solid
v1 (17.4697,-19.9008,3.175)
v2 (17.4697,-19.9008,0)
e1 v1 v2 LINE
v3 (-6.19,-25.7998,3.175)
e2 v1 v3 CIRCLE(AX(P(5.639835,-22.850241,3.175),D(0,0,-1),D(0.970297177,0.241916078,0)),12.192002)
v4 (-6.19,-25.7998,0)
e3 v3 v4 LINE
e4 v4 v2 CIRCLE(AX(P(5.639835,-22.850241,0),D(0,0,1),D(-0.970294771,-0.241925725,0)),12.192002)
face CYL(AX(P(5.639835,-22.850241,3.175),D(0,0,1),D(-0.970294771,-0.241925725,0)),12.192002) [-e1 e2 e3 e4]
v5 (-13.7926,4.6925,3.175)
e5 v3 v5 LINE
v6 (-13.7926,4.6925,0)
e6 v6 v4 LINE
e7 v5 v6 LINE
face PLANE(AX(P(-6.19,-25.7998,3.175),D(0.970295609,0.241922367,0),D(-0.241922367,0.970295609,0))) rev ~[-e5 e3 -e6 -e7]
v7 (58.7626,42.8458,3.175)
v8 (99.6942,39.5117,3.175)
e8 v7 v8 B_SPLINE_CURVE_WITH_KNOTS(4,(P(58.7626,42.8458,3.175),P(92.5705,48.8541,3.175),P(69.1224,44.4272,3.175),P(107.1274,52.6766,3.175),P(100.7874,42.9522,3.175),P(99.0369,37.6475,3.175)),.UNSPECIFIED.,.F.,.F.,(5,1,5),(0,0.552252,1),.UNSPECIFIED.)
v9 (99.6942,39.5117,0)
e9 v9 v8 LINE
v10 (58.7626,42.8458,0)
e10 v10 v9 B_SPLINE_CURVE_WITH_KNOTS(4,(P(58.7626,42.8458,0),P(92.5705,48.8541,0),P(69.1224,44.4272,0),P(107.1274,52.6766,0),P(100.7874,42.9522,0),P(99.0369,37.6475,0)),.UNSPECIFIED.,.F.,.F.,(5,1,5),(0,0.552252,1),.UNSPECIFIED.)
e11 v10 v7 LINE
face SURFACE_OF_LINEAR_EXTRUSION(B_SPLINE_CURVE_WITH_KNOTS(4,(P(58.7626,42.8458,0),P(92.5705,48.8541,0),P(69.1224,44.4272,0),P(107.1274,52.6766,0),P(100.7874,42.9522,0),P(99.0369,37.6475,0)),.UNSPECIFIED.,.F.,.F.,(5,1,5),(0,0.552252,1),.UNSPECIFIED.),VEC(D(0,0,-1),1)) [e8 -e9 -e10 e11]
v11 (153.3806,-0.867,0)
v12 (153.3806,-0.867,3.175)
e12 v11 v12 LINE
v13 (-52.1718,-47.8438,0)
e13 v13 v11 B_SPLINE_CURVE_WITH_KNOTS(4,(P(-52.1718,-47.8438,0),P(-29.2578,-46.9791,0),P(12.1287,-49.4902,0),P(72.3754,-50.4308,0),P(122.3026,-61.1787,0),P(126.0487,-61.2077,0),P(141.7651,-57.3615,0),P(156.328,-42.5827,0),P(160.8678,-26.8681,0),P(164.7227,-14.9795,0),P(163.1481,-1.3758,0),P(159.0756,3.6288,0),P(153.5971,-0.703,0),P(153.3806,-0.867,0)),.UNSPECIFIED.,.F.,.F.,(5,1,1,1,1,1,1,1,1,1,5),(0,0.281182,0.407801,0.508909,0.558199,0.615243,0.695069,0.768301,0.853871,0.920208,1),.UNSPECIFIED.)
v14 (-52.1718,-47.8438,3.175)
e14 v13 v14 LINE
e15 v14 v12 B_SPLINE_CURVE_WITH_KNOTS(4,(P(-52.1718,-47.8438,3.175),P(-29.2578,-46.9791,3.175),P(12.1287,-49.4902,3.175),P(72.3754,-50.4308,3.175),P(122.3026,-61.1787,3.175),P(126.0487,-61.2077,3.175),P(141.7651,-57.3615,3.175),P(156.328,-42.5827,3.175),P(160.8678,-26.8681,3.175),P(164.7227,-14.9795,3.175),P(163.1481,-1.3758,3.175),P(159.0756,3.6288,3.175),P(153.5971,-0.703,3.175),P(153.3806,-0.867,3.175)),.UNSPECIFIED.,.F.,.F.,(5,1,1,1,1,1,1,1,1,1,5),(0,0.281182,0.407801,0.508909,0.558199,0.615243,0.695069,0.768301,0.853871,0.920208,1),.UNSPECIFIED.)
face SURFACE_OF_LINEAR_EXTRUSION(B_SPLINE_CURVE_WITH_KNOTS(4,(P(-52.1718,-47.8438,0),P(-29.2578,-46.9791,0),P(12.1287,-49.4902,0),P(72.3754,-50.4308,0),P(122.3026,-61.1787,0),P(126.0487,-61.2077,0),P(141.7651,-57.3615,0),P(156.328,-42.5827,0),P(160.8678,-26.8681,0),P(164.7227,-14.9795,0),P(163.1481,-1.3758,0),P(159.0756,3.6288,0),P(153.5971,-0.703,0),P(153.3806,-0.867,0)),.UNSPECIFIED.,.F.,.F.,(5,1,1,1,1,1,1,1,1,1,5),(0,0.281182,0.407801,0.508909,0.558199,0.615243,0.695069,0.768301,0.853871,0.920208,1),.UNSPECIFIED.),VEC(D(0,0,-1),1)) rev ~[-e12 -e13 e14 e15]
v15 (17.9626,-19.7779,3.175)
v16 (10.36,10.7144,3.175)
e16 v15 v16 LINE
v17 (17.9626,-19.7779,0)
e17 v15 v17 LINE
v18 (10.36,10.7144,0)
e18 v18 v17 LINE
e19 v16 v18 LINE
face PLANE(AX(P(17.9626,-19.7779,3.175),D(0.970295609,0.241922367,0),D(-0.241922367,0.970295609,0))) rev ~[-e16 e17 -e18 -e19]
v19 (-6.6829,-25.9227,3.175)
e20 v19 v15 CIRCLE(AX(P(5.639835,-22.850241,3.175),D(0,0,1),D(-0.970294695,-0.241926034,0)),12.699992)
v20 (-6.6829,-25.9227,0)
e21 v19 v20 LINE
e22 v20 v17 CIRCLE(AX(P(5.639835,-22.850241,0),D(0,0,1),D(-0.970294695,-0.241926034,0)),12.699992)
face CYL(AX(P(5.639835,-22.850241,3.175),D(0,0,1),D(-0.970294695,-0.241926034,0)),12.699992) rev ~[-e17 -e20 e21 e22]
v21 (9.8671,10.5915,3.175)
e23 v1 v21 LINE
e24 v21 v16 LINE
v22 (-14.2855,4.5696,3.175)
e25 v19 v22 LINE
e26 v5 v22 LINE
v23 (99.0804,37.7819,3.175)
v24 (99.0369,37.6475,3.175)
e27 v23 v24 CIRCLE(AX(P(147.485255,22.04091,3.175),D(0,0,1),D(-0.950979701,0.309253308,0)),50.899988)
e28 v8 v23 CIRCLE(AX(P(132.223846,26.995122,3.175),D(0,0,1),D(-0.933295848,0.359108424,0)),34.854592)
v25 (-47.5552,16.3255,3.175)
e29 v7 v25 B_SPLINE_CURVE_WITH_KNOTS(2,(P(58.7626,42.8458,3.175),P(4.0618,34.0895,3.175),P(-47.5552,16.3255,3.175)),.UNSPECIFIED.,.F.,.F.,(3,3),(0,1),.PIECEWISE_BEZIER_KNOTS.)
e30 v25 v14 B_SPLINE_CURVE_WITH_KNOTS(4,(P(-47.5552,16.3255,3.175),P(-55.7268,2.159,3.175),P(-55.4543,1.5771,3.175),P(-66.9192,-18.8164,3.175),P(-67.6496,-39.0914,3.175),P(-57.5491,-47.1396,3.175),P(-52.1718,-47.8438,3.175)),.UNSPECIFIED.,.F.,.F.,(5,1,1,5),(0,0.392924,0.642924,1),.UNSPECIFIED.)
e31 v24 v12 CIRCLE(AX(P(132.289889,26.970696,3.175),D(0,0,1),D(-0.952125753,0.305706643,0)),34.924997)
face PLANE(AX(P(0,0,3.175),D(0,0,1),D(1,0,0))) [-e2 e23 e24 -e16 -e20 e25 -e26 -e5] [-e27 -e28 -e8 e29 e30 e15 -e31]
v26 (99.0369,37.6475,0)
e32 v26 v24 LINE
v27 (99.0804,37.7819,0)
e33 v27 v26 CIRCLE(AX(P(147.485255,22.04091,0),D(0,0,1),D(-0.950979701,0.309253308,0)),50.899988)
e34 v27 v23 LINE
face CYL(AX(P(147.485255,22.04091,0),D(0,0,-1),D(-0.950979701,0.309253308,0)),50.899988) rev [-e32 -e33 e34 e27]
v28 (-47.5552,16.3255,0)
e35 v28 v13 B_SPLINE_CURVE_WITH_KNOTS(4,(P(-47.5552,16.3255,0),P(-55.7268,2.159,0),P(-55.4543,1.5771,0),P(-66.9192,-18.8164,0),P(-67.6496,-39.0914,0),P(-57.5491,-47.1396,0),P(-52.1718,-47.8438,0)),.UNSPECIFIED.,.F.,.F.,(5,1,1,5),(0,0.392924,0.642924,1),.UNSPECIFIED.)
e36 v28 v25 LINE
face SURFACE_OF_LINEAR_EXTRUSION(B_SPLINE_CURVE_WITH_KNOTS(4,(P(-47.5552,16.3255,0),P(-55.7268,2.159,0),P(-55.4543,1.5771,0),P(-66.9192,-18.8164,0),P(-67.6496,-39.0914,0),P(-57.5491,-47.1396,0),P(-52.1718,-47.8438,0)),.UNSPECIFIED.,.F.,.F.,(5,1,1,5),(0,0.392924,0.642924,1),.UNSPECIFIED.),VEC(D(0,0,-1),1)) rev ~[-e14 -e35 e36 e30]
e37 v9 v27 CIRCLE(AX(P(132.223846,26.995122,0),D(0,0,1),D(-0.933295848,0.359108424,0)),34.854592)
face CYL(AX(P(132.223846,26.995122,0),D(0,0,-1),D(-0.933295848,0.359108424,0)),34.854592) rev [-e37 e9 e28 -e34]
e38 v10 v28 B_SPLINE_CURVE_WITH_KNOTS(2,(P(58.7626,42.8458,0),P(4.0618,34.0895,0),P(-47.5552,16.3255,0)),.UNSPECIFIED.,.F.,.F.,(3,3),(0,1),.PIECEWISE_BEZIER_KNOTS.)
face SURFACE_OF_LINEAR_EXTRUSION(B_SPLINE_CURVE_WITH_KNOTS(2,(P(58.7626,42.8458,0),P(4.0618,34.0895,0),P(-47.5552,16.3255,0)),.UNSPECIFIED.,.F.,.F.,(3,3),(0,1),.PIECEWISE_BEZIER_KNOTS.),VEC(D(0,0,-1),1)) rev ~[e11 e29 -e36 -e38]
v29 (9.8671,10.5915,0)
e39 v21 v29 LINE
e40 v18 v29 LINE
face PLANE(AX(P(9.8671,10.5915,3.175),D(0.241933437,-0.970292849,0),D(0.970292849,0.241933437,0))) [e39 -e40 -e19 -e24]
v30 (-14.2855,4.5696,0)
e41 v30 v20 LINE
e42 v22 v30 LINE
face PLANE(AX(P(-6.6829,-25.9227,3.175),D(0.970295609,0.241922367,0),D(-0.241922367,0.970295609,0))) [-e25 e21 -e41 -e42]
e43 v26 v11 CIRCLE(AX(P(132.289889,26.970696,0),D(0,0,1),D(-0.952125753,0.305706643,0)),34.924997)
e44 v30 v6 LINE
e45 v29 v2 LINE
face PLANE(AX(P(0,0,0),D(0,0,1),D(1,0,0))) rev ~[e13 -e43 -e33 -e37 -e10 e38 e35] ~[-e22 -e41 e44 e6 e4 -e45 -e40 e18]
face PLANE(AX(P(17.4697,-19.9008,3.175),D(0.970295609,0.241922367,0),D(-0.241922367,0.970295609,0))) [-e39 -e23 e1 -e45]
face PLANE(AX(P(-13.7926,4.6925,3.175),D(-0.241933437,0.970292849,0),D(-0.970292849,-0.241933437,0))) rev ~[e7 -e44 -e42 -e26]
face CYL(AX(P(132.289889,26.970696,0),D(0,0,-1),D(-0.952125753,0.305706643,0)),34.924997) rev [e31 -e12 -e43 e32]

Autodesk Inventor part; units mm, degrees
ref_plane "YZ Plane" through (0, 0, 0) normal (1, 0, 0) x (0, 1, 0)
ref_plane "XZ Plane" through (0, 0, 0) normal (0, 1, 0) x (-1, 0, 0)
ref_plane "XY Plane" through (0, 0, 0) normal (0, 0, 1) x (1, 0, 0)
sketch "Sketch1" plane through (0, 0, 0) normal (0, 0, 1) x (1, 0, 0)
  arc A0 (99.0804, 37.7819) -> (99.0369, 37.6475) centre (132.2899, 26.9707) ccw
  spline S0 degree 2 poles (58.7626, 42.8458) (4.0618, 34.0895) (-47.5552, 16.3255) knots 0 0 0 1 1 1
  spline S1 degree 4 poles (-47.5552, 16.3255) (-55.7268, 2.159) (-55.4543, 1.5771) (-66.9192, -18.8164) (-67.6496, -39.0914) (-57.5491, -47.1396) (-52.1718, -47.8438) knots 0 0 0 0 0 0.392924 0.642924 1 1 1 1 1
  line L0 (-27.7337, 50.6881) -> (-67.3766, -18.0371) construction
  arc A1 (-31.3128, 43.5784) -> (-63.0141, -11.3794) centre (916.5156, -539.7802) ccw construction
  line L1 (-68.5865, -45.6943) -> (-35.7572, -49.9933) construction
  arc A2 (-59.5605, -42.8684) -> (-43.7512, -44.9387) centre (-50.8755, -37.9448) ccw construction
  spline S2 degree 4 poles (58.7626, 42.8458) (92.5705, 48.8541) (69.1224, 44.4272) (107.1274, 52.6766) (100.7874, 42.9522) (99.0358, 37.6479) knots 0 0 0 0 0 0.552252 1 1 1 1 1
  line L2 (46.0358, 40.584) -> (71.4894, 45.1076) construction
  arc A3 (68.945, 44.65) -> (48.5821, 41.0311) centre (1808.5325, -9802.8794) ccw construction
  line L3 (100.5127, 42.1206) -> (97.5589, 33.1752) construction
  arc A4 (100.4221, 41.1299) -> (98.076, 34.025) centre (128.7331, 27.8415) ccw construction
  spline S3 degree 4 poles (-52.1718, -47.8438) (-29.2578, -46.9791) (12.1287, -49.4902) (72.3754, -50.4308) (122.3026, -61.1787) (126.0487, -61.2077) (141.7651, -57.3615) (156.328, -42.5827) (160.8678, -26.8681) (164.7227, -14.9795) (163.1481, -1.3758) (159.0756, 3.6288) (153.5971, -0.703) (153.3806, -0.867) knots 0 0 0 0 0 0.281182 0.407801 0.508909 0.558199 0.615243 0.695069 0.768301 0.853871 0.920208 1 1 1 1 1
  line L4 (-73.5152, -48.6492) -> (-30.8285, -47.0384) construction
  arc A5 (-35.1153, -47.7859) -> (-69.1843, -49.0715) centre (-42.8001, -296.1961) ccw construction
  line L5 (110.453, -62.1891) -> (142.2724, -59.2716) construction
  arc A6 (115.5464, -58.4524) -> (136.5843, -56.5234) centre (124.6496, -42.0465) ccw construction
  line L6 (121.2218, -72.5663) -> (169.0186, -32.8418) construction
  arc A7 (124.9955, -61.6613) -> (157.6074, -34.5572) centre (119.1641, -21.4734) ccw construction
  line L7 (156.4177, 1.434) -> (150.3434, -3.1681) construction
  arc A8 (152.0082, -0.9418) -> (153.824, 0.4339) centre (152.639, 0.1118) ccw construction
  line L8 (99.0369, 37.6475) -> (153.3777, -0.865) construction
  arc A9 (99.0369, 37.6475) -> (153.3806, -0.867) centre (132.2899, 26.9707) ccw
  arc A10 (99.6942, 39.5117) -> (99.0804, 37.7819) centre (132.2899, 26.9707) ccw
  arc A11 (153.3806, -0.867) -> (99.6942, 39.5117) centre (132.2899, 26.9707) ccw
  point P0 (4.6365, 31.7886)
  point P1 (-57.8731, -2.8569)
  point P2 (-64.386, -19.8711)
  point P3 (-63.6674, -38.8819)
  point P4 (88.0143, 47.7336)
  point P5 (99.9346, 46.3882)
  point P6 (28.3047, -49.9527)
  point P7 (109.7614, -58.564)
  point P8 (126.3627, -60.7303)
  point P9 (145.1202, -52.704)
  point P10 (160.7409, -27.4895)
  point P11 (163.7264, -11.9433)
  point P12 (161.4453, -0.8489)
  point P13 (157.2479, 1.1365)
  dimension "d0" = 69.85
extrude "Extrusion1" add sketch "Sketch1" along normal blind 3.175 contours A0 A9 S3 S1 S0 S2 A10
sketch "Sketch2" plane through (0, 0, 3.175) normal (0, 0, 1) x (1, 0, 0)
  circle A0 centre (15.7533, 91.0014) radius 114.3 construction
  line L0 (5.6398, -22.8503) -> (-15.867, 63.409) construction
  line L1 (5.6398, -22.8503) -> (94.5398, -22.8503) construction
  line L2 (-6.6829, -25.9227) -> (5.6398, -22.8503) construction
  line L3 (-6.6829, -25.9227) -> (-5.1635, -25.8417)
  line L4 (17.9626, -19.7779) -> (10.36, 10.7144)
  arc A1 (-6.6829, -25.9227) -> (17.9626, -19.7779) centre (5.6398, -22.8503) ccw
  line L5 (-12.8707, -27.4655) -> (40.4255, -14.1773) construction
  arc A2 (-6.19, -25.7998) -> (17.4697, -19.9008) centre (5.6398, -22.8503) ccw
  line L6 (9.8671, 10.5915) -> (10.36, 10.7144)
  line L7 (-13.7926, 4.6925) -> (-14.2855, 4.5696)
  line L8 (-6.6829, -25.9227) -> (-14.2855, 4.5696)
  line L9 (10.36, 10.7144) -> (10.36, 10.7144)
  line L10 (-6.19, -25.7998) -> (-13.7926, 4.6925)
  line L11 (17.4697, -19.9008) -> (9.8671, 10.5915)
  point P0 (0, 0)
  point P1 (-6.6829, -25.9227)
  dimension "d7" = 35
  dimension "d3" = 228.6
  dimension "d14" = 88.9
  dimension "d15" = 104
  dimension "d17" = 25.4
  dimension "d18" = 31.75
  dimension "d19" = 0.508
extrude "Extrusion2" cut sketch "Sketch2" against normal up to next
properties part number "pickGuard02"
